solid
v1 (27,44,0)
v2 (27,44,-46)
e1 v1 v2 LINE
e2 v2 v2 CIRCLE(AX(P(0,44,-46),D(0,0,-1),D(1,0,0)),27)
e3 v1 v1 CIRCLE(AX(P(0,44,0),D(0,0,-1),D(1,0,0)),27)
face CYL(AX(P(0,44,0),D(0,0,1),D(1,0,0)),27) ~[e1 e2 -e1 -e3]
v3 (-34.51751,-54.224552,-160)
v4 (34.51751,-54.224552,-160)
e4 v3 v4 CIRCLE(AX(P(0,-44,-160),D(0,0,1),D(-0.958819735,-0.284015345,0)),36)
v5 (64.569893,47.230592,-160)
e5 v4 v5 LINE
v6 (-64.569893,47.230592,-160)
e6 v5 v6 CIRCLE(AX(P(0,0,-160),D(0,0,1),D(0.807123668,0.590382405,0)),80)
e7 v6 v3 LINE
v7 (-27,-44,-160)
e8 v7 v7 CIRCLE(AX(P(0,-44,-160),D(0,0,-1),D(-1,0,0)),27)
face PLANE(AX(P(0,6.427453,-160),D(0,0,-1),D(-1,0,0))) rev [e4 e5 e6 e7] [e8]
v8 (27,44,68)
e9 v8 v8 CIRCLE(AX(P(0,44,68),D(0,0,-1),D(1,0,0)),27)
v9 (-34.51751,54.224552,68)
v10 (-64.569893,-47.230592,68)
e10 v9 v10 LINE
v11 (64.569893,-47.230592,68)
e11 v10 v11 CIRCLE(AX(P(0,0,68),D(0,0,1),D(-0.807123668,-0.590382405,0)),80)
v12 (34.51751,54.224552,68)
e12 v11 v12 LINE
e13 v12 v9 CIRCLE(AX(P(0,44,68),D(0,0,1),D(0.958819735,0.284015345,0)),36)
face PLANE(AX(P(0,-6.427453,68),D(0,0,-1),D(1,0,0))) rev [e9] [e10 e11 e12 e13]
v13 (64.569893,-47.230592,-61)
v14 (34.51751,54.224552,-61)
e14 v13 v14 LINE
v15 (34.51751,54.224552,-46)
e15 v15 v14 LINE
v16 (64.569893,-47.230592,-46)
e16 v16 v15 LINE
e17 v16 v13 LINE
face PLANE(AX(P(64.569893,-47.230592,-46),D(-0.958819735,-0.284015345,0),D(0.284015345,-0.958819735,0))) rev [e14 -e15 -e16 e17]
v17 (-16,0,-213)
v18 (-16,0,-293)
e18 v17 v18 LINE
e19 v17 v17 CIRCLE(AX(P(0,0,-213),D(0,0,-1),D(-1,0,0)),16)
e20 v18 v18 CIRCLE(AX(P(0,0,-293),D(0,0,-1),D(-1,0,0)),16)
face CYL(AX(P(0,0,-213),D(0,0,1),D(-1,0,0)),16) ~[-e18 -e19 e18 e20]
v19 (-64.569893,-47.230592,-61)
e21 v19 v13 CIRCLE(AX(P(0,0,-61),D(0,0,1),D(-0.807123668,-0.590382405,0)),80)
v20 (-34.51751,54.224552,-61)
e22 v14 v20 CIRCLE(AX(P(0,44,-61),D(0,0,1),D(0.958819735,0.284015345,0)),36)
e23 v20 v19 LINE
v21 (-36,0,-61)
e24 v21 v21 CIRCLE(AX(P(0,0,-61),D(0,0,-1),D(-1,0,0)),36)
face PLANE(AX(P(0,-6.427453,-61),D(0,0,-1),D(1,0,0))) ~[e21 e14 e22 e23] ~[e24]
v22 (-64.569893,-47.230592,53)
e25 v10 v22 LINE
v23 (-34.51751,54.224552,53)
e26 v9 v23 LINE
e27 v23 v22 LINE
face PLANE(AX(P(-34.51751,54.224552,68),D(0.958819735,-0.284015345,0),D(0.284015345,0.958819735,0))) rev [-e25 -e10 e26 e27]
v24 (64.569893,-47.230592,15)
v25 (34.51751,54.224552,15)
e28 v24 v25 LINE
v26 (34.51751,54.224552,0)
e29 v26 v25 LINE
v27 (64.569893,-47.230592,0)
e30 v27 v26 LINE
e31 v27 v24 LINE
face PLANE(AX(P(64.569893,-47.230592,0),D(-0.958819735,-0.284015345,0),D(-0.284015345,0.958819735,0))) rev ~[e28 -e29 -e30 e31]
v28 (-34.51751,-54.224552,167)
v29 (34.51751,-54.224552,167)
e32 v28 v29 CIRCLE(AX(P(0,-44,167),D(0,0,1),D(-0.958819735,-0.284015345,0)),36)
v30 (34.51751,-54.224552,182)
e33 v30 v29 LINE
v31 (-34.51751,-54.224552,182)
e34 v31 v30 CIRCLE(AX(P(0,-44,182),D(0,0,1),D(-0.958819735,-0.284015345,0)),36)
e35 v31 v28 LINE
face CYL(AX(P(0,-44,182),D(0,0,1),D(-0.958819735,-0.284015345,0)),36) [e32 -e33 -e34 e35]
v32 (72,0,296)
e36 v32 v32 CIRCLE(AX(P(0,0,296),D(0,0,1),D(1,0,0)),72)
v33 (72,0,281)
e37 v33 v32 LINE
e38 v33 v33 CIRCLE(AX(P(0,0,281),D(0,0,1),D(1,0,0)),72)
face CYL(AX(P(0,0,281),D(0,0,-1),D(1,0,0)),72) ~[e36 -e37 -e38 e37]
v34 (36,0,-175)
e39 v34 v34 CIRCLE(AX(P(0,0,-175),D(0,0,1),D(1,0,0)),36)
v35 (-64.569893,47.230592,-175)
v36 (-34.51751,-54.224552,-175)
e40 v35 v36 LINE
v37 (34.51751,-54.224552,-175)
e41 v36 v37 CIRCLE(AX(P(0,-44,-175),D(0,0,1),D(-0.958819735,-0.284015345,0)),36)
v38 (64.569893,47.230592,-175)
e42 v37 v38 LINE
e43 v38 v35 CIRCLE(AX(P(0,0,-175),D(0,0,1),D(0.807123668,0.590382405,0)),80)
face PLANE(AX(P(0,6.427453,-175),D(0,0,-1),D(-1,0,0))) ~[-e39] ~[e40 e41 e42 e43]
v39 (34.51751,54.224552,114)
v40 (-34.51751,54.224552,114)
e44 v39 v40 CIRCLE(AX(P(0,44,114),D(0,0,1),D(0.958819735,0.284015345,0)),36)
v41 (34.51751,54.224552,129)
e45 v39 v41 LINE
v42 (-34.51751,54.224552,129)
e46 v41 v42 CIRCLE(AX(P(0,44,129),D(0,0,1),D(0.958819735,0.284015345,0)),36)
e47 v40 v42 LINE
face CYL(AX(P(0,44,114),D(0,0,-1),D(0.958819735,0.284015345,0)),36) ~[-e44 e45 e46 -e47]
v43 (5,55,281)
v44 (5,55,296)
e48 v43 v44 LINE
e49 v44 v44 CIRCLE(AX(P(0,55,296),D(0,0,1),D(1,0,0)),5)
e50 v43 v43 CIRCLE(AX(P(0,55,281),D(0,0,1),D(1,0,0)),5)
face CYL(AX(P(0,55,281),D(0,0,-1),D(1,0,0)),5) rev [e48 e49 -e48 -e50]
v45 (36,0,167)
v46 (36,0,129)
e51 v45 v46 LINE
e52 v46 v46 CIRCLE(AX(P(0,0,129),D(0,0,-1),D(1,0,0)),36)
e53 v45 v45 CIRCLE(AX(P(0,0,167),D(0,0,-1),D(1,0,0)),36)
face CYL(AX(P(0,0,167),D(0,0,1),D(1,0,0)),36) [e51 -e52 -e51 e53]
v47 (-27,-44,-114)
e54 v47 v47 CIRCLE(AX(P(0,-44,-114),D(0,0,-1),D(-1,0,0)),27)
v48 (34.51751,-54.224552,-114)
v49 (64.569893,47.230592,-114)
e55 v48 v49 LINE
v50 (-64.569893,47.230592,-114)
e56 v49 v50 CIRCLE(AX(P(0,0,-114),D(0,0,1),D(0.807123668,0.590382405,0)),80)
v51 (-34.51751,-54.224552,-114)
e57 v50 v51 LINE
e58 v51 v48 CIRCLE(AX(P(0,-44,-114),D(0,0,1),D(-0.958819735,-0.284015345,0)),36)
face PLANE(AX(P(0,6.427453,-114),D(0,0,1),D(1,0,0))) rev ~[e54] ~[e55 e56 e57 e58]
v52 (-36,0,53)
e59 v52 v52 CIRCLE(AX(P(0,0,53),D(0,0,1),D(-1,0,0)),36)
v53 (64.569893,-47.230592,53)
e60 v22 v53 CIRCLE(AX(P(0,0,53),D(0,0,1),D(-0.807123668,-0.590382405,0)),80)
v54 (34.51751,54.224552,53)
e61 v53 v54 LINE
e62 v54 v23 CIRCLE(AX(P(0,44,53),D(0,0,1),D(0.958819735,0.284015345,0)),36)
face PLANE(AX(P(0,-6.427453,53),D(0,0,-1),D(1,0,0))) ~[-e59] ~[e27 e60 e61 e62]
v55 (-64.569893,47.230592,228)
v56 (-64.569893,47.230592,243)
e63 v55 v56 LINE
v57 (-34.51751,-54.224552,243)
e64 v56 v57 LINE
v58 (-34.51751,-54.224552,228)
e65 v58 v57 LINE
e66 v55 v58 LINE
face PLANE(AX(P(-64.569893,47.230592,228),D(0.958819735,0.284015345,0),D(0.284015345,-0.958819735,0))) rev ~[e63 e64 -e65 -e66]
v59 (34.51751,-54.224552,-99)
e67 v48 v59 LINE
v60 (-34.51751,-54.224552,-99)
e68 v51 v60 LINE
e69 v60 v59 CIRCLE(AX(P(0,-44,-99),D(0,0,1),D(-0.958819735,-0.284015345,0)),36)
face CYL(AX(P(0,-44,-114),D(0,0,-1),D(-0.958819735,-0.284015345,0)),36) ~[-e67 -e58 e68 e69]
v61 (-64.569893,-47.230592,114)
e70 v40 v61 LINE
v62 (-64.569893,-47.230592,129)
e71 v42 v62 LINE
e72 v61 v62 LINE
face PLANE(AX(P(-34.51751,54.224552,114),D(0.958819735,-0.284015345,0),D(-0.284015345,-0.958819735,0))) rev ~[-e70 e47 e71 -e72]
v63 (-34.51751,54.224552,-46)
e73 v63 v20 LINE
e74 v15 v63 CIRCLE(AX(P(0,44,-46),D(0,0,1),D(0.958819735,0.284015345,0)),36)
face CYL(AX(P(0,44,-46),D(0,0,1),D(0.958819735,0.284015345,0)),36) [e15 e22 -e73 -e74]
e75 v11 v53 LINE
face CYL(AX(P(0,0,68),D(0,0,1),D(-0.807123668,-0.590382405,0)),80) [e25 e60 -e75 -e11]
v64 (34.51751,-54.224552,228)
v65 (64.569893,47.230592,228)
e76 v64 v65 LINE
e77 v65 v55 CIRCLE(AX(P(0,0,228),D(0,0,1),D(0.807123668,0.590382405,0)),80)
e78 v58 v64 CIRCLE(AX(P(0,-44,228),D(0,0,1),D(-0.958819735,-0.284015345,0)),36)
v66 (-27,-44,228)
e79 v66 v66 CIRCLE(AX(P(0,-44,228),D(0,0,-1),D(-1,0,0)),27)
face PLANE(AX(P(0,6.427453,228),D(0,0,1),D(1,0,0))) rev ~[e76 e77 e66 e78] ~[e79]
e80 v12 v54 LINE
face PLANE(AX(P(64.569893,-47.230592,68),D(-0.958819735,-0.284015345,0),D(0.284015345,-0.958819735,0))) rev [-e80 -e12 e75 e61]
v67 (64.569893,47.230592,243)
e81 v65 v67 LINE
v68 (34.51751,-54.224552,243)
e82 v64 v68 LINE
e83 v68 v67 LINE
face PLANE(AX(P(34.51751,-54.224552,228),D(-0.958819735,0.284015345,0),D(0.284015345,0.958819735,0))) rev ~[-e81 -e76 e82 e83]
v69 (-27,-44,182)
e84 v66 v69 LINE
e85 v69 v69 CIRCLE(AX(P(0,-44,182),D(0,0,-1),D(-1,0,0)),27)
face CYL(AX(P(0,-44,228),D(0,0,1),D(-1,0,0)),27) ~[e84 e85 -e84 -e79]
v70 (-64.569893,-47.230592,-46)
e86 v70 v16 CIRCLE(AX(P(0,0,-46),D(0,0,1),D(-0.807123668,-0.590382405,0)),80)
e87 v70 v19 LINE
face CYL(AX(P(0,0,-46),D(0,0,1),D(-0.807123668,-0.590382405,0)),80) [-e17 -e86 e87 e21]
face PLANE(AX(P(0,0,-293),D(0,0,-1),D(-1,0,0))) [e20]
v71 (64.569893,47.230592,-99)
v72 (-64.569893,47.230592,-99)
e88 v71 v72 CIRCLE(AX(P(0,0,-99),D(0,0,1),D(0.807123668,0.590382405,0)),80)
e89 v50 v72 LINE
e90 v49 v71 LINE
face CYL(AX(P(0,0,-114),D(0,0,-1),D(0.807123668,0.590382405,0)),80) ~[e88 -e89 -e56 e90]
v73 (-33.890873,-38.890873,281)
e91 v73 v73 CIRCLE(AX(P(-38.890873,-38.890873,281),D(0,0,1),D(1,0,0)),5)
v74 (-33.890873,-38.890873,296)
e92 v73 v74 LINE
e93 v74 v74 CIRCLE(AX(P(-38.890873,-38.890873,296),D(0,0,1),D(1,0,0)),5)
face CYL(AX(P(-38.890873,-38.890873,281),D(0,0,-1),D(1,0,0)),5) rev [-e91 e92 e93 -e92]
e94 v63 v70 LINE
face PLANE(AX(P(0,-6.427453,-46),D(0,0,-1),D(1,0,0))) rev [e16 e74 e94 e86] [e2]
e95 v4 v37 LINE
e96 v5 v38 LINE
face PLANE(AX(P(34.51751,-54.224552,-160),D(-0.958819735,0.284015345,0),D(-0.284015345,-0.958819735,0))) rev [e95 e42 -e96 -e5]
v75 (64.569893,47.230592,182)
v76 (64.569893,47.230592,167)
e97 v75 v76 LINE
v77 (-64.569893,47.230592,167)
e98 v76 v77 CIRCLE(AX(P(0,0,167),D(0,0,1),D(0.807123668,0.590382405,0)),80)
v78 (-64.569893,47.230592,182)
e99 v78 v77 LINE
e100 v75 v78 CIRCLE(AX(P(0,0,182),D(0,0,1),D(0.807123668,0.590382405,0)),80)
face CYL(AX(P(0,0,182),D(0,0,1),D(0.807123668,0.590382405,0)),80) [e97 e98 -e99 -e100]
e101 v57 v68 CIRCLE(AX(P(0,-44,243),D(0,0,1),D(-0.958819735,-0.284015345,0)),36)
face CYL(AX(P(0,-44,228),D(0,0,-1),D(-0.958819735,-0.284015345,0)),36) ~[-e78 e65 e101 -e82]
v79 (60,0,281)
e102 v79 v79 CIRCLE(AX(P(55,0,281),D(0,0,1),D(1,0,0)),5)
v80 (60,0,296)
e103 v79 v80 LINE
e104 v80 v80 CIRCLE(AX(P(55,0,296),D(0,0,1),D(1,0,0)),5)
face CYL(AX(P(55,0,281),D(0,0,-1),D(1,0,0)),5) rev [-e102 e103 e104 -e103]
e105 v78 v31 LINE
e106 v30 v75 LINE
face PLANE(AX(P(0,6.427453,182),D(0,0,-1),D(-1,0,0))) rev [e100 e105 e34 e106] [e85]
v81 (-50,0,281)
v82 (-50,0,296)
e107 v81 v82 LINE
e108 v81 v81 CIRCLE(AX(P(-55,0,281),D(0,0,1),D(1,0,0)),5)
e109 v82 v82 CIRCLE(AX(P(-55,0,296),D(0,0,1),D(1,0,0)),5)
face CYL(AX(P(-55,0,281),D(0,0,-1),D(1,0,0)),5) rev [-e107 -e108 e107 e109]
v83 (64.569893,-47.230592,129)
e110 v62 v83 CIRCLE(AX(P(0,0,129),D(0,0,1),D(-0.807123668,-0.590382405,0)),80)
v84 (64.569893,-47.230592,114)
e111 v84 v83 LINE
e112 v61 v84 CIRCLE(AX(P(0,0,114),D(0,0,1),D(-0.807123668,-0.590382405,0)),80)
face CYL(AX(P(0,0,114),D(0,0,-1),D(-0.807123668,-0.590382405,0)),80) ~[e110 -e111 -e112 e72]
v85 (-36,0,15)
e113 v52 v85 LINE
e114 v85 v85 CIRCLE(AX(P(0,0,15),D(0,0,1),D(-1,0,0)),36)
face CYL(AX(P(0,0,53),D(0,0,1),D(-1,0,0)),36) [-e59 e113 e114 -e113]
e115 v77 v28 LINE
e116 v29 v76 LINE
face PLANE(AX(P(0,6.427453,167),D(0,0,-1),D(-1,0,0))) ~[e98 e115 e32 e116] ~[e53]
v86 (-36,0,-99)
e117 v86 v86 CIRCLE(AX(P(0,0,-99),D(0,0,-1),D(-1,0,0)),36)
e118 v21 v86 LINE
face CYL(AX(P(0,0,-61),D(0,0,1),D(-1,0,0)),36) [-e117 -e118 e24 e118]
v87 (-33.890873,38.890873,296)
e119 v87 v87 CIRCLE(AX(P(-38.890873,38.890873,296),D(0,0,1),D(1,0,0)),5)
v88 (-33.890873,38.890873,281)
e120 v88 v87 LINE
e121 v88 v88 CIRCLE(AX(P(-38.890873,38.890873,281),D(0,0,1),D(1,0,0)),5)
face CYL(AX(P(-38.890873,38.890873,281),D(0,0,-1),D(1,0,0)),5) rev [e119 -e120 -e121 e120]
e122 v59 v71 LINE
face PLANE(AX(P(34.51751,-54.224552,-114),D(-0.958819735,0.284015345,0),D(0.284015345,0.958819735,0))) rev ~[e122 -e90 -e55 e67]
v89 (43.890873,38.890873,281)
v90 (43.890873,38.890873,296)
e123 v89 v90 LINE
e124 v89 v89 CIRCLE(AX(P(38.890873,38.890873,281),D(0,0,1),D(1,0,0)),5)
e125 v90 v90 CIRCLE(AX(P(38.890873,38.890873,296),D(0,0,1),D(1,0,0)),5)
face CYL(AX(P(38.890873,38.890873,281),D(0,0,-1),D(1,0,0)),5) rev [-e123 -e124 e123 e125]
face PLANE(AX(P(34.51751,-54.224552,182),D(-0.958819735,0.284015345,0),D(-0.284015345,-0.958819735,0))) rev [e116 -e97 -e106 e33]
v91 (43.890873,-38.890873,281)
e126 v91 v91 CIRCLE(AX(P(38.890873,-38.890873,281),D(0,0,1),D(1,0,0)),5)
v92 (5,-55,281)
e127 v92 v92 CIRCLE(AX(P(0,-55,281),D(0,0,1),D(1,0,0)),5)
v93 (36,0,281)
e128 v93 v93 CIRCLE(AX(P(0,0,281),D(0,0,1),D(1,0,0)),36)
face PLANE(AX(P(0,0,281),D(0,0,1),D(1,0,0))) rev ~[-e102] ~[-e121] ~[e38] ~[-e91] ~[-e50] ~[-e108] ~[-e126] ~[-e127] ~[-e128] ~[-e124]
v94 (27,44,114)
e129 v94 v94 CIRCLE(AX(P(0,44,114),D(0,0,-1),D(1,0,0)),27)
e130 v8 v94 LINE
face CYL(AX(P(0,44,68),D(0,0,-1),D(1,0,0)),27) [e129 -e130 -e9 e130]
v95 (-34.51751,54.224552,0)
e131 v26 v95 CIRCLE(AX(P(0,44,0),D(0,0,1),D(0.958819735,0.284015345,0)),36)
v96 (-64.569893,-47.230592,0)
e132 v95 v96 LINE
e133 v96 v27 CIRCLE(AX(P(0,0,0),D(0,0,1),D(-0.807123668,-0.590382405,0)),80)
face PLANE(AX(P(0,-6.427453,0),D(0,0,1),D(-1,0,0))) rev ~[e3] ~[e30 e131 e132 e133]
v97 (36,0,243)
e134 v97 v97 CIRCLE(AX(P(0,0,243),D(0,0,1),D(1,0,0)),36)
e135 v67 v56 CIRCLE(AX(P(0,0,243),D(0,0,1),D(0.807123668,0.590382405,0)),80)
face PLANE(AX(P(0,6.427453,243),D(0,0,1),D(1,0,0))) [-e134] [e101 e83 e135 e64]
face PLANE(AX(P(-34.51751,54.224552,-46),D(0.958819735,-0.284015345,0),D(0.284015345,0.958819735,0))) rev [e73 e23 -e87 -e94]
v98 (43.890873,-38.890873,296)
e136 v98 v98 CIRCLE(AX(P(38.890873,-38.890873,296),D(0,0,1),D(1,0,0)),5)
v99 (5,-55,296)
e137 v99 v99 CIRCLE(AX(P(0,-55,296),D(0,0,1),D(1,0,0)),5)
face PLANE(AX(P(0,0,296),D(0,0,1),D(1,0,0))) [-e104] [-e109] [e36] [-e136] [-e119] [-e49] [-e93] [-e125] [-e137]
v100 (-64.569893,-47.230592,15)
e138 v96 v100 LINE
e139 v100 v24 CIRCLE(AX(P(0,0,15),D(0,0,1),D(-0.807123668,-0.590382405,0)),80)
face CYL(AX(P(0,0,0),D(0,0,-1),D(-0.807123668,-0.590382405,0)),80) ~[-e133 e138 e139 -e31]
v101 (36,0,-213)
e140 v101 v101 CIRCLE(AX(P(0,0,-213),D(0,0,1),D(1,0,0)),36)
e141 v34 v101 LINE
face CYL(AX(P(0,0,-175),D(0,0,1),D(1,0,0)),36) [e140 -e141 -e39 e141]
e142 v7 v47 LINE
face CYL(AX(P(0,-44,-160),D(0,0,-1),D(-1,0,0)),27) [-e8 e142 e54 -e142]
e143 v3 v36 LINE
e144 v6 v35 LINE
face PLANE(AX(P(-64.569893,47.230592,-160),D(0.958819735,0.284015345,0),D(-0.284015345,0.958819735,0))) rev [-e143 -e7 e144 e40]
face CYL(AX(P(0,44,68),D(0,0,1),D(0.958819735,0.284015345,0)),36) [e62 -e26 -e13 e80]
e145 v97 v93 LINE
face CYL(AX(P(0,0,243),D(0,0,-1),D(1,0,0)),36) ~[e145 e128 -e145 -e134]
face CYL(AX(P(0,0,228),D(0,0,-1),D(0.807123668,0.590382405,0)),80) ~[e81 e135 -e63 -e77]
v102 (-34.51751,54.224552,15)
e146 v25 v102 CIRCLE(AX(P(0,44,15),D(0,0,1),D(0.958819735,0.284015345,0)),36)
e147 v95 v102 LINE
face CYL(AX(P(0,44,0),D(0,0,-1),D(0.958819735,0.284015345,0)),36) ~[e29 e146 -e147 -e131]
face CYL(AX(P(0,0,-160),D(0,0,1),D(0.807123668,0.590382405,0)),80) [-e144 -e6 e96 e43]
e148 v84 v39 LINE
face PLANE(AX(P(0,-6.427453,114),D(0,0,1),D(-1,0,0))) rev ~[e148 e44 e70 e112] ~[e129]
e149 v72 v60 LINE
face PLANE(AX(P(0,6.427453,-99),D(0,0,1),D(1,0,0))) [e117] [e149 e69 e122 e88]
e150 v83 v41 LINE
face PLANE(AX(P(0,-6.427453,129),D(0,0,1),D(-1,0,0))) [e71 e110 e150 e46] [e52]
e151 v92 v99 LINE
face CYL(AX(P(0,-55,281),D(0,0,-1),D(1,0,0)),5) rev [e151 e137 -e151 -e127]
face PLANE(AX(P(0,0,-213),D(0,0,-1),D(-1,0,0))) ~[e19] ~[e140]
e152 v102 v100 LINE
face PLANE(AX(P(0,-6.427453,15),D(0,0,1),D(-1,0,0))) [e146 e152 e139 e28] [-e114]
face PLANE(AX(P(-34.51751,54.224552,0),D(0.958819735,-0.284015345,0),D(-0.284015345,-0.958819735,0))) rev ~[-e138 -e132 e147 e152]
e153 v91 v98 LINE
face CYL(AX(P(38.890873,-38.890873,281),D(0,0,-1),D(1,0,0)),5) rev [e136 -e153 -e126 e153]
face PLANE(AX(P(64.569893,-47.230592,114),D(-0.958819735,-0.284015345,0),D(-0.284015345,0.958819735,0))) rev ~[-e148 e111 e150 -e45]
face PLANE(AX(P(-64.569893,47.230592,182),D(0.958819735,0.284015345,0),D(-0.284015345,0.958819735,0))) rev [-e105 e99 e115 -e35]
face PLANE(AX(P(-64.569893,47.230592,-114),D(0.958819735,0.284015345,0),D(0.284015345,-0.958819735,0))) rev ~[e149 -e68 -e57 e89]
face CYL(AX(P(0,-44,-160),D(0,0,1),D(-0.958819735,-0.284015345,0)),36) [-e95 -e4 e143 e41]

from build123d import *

# Parameters (mm, degrees)
BOSS_EXTRUDE1_DEPTH   = 15
SKETCH3_R             = 36
BOSS_EXTRUDE2_DEPTH   = 38
SKETCH4_R             = 27
BOSS_EXTRUDE3_DEPTH   = 46
BODY_MOVE_COPY3_ANGLE = 180
SKETCH5_R             = 16
BOSS_EXTRUDE4_DEPTH   = 80
SKETCH6_R             = 72
SKETCH6_R_2           = 5
BOSS_EXTRUDE5_DEPTH   = 15


with BuildPart() as part:
    # Sketch2 → Boss-Extrude1 (new body)
    with BuildSketch(Plane.XY):
        with BuildLine():
            Line((-64.569893475, 47.23059238), (-34.517510455, -54.224552409))
            ThreePointArc((-34.517510455, -54.224552409), (0, -80), (34.517510455, -54.224552409))
            Line((34.517510455, -54.224552409), (64.569893475, 47.23059238))
            ThreePointArc((64.569893475, 47.23059238), (0, 80), (-64.569893475, 47.23059238))
        make_face()
    boss_extrude1 = extrude(amount=BOSS_EXTRUDE1_DEPTH)

    # Sketch3 → Boss-Extrude2 (add)
    with BuildSketch(Plane.XY.offset(15)):
        Circle(SKETCH3_R)
    boss_extrude2 = extrude(amount=BOSS_EXTRUDE2_DEPTH)

    # Sketch4 → Boss-Extrude3 (add)
    with BuildSketch(Plane(origin=(0, 0, 0), x_dir=(-1, 0, 0), z_dir=(0, 0, -1))):
        with Locations((0, -44)):
            Circle(SKETCH4_R)
    extrude(amount=BOSS_EXTRUDE3_DEPTH)

    # Mirror2: Boss-Extrude1, Boss-Extrude2 across plane
    add(boss_extrude1.mirror(Plane(origin=(0, 0, -23), x_dir=(1, 0, 0), z_dir=(0, 0, -1))))
    add(boss_extrude2.mirror(Plane(origin=(0, 0, -23), x_dir=(1, 0, 0), z_dir=(0, 0, -1))))


with BuildPart() as body_2:
    # Mirror6: mirrored copy
    add(part.part.mirror(Plane(origin=(0, 0, -80), x_dir=(1, 0, 0), z_dir=(0, 0, -1))))


with BuildPart() as part_1:
    # Body-Move/Copy3: moved
    add(part.part.rotate(Axis((0, 0, 0), (0, 0, 1)), BODY_MOVE_COPY3_ANGLE))


with BuildPart() as body_3:
    # Mirror7: mirrored copy
    add(body_2.part.mirror(Plane.XY.offset(34)))

    # Sketch6 → Boss-Extrude5 (add)
    with BuildSketch(Plane.XY.offset(281)):
        Circle(SKETCH6_R)
        with Locations((0, 55)):
            Circle(SKETCH6_R_2, mode=Mode.SUBTRACT)
        with Locations((38.890872965, 38.890872965)):
            Circle(SKETCH6_R_2, mode=Mode.SUBTRACT)
        with Locations((55, 0)):
            Circle(SKETCH6_R_2, mode=Mode.SUBTRACT)
        with Locations((38.890872965, -38.890872965)):
            Circle(SKETCH6_R_2, mode=Mode.SUBTRACT)
        with Locations((0, -55)):
            Circle(SKETCH6_R_2, mode=Mode.SUBTRACT)
        with Locations((-38.890872965, -38.890872965)):
            Circle(SKETCH6_R_2, mode=Mode.SUBTRACT)
        with Locations((-55, 0)):
            Circle(SKETCH6_R_2, mode=Mode.SUBTRACT)
        with Locations((-38.890872965, 38.890872965)):
            Circle(SKETCH6_R_2, mode=Mode.SUBTRACT)
    extrude(amount=BOSS_EXTRUDE5_DEPTH)


with BuildPart() as body_4:
    # Mirror7 2: mirrored copy
    add(part_1.part.mirror(Plane.XY.offset(34)))


with BuildPart() as body_2_1:
    add(body_2.part)

    # Sketch5 → Boss-Extrude4 (add)
    with BuildSketch(Plane(origin=(0, 0, -213), x_dir=(-1, 0, 0), z_dir=(0, 0, -1))):
        Circle(SKETCH5_R)
    extrude(amount=BOSS_EXTRUDE4_DEPTH)


with BuildPart() as body_3_1:
    add(body_3.part)

    # Combine1: union body 4, part, body 2
    add(body_4.part)
    add(part_1.part)
    add(body_2_1.part)


solid = body_3_1.part
